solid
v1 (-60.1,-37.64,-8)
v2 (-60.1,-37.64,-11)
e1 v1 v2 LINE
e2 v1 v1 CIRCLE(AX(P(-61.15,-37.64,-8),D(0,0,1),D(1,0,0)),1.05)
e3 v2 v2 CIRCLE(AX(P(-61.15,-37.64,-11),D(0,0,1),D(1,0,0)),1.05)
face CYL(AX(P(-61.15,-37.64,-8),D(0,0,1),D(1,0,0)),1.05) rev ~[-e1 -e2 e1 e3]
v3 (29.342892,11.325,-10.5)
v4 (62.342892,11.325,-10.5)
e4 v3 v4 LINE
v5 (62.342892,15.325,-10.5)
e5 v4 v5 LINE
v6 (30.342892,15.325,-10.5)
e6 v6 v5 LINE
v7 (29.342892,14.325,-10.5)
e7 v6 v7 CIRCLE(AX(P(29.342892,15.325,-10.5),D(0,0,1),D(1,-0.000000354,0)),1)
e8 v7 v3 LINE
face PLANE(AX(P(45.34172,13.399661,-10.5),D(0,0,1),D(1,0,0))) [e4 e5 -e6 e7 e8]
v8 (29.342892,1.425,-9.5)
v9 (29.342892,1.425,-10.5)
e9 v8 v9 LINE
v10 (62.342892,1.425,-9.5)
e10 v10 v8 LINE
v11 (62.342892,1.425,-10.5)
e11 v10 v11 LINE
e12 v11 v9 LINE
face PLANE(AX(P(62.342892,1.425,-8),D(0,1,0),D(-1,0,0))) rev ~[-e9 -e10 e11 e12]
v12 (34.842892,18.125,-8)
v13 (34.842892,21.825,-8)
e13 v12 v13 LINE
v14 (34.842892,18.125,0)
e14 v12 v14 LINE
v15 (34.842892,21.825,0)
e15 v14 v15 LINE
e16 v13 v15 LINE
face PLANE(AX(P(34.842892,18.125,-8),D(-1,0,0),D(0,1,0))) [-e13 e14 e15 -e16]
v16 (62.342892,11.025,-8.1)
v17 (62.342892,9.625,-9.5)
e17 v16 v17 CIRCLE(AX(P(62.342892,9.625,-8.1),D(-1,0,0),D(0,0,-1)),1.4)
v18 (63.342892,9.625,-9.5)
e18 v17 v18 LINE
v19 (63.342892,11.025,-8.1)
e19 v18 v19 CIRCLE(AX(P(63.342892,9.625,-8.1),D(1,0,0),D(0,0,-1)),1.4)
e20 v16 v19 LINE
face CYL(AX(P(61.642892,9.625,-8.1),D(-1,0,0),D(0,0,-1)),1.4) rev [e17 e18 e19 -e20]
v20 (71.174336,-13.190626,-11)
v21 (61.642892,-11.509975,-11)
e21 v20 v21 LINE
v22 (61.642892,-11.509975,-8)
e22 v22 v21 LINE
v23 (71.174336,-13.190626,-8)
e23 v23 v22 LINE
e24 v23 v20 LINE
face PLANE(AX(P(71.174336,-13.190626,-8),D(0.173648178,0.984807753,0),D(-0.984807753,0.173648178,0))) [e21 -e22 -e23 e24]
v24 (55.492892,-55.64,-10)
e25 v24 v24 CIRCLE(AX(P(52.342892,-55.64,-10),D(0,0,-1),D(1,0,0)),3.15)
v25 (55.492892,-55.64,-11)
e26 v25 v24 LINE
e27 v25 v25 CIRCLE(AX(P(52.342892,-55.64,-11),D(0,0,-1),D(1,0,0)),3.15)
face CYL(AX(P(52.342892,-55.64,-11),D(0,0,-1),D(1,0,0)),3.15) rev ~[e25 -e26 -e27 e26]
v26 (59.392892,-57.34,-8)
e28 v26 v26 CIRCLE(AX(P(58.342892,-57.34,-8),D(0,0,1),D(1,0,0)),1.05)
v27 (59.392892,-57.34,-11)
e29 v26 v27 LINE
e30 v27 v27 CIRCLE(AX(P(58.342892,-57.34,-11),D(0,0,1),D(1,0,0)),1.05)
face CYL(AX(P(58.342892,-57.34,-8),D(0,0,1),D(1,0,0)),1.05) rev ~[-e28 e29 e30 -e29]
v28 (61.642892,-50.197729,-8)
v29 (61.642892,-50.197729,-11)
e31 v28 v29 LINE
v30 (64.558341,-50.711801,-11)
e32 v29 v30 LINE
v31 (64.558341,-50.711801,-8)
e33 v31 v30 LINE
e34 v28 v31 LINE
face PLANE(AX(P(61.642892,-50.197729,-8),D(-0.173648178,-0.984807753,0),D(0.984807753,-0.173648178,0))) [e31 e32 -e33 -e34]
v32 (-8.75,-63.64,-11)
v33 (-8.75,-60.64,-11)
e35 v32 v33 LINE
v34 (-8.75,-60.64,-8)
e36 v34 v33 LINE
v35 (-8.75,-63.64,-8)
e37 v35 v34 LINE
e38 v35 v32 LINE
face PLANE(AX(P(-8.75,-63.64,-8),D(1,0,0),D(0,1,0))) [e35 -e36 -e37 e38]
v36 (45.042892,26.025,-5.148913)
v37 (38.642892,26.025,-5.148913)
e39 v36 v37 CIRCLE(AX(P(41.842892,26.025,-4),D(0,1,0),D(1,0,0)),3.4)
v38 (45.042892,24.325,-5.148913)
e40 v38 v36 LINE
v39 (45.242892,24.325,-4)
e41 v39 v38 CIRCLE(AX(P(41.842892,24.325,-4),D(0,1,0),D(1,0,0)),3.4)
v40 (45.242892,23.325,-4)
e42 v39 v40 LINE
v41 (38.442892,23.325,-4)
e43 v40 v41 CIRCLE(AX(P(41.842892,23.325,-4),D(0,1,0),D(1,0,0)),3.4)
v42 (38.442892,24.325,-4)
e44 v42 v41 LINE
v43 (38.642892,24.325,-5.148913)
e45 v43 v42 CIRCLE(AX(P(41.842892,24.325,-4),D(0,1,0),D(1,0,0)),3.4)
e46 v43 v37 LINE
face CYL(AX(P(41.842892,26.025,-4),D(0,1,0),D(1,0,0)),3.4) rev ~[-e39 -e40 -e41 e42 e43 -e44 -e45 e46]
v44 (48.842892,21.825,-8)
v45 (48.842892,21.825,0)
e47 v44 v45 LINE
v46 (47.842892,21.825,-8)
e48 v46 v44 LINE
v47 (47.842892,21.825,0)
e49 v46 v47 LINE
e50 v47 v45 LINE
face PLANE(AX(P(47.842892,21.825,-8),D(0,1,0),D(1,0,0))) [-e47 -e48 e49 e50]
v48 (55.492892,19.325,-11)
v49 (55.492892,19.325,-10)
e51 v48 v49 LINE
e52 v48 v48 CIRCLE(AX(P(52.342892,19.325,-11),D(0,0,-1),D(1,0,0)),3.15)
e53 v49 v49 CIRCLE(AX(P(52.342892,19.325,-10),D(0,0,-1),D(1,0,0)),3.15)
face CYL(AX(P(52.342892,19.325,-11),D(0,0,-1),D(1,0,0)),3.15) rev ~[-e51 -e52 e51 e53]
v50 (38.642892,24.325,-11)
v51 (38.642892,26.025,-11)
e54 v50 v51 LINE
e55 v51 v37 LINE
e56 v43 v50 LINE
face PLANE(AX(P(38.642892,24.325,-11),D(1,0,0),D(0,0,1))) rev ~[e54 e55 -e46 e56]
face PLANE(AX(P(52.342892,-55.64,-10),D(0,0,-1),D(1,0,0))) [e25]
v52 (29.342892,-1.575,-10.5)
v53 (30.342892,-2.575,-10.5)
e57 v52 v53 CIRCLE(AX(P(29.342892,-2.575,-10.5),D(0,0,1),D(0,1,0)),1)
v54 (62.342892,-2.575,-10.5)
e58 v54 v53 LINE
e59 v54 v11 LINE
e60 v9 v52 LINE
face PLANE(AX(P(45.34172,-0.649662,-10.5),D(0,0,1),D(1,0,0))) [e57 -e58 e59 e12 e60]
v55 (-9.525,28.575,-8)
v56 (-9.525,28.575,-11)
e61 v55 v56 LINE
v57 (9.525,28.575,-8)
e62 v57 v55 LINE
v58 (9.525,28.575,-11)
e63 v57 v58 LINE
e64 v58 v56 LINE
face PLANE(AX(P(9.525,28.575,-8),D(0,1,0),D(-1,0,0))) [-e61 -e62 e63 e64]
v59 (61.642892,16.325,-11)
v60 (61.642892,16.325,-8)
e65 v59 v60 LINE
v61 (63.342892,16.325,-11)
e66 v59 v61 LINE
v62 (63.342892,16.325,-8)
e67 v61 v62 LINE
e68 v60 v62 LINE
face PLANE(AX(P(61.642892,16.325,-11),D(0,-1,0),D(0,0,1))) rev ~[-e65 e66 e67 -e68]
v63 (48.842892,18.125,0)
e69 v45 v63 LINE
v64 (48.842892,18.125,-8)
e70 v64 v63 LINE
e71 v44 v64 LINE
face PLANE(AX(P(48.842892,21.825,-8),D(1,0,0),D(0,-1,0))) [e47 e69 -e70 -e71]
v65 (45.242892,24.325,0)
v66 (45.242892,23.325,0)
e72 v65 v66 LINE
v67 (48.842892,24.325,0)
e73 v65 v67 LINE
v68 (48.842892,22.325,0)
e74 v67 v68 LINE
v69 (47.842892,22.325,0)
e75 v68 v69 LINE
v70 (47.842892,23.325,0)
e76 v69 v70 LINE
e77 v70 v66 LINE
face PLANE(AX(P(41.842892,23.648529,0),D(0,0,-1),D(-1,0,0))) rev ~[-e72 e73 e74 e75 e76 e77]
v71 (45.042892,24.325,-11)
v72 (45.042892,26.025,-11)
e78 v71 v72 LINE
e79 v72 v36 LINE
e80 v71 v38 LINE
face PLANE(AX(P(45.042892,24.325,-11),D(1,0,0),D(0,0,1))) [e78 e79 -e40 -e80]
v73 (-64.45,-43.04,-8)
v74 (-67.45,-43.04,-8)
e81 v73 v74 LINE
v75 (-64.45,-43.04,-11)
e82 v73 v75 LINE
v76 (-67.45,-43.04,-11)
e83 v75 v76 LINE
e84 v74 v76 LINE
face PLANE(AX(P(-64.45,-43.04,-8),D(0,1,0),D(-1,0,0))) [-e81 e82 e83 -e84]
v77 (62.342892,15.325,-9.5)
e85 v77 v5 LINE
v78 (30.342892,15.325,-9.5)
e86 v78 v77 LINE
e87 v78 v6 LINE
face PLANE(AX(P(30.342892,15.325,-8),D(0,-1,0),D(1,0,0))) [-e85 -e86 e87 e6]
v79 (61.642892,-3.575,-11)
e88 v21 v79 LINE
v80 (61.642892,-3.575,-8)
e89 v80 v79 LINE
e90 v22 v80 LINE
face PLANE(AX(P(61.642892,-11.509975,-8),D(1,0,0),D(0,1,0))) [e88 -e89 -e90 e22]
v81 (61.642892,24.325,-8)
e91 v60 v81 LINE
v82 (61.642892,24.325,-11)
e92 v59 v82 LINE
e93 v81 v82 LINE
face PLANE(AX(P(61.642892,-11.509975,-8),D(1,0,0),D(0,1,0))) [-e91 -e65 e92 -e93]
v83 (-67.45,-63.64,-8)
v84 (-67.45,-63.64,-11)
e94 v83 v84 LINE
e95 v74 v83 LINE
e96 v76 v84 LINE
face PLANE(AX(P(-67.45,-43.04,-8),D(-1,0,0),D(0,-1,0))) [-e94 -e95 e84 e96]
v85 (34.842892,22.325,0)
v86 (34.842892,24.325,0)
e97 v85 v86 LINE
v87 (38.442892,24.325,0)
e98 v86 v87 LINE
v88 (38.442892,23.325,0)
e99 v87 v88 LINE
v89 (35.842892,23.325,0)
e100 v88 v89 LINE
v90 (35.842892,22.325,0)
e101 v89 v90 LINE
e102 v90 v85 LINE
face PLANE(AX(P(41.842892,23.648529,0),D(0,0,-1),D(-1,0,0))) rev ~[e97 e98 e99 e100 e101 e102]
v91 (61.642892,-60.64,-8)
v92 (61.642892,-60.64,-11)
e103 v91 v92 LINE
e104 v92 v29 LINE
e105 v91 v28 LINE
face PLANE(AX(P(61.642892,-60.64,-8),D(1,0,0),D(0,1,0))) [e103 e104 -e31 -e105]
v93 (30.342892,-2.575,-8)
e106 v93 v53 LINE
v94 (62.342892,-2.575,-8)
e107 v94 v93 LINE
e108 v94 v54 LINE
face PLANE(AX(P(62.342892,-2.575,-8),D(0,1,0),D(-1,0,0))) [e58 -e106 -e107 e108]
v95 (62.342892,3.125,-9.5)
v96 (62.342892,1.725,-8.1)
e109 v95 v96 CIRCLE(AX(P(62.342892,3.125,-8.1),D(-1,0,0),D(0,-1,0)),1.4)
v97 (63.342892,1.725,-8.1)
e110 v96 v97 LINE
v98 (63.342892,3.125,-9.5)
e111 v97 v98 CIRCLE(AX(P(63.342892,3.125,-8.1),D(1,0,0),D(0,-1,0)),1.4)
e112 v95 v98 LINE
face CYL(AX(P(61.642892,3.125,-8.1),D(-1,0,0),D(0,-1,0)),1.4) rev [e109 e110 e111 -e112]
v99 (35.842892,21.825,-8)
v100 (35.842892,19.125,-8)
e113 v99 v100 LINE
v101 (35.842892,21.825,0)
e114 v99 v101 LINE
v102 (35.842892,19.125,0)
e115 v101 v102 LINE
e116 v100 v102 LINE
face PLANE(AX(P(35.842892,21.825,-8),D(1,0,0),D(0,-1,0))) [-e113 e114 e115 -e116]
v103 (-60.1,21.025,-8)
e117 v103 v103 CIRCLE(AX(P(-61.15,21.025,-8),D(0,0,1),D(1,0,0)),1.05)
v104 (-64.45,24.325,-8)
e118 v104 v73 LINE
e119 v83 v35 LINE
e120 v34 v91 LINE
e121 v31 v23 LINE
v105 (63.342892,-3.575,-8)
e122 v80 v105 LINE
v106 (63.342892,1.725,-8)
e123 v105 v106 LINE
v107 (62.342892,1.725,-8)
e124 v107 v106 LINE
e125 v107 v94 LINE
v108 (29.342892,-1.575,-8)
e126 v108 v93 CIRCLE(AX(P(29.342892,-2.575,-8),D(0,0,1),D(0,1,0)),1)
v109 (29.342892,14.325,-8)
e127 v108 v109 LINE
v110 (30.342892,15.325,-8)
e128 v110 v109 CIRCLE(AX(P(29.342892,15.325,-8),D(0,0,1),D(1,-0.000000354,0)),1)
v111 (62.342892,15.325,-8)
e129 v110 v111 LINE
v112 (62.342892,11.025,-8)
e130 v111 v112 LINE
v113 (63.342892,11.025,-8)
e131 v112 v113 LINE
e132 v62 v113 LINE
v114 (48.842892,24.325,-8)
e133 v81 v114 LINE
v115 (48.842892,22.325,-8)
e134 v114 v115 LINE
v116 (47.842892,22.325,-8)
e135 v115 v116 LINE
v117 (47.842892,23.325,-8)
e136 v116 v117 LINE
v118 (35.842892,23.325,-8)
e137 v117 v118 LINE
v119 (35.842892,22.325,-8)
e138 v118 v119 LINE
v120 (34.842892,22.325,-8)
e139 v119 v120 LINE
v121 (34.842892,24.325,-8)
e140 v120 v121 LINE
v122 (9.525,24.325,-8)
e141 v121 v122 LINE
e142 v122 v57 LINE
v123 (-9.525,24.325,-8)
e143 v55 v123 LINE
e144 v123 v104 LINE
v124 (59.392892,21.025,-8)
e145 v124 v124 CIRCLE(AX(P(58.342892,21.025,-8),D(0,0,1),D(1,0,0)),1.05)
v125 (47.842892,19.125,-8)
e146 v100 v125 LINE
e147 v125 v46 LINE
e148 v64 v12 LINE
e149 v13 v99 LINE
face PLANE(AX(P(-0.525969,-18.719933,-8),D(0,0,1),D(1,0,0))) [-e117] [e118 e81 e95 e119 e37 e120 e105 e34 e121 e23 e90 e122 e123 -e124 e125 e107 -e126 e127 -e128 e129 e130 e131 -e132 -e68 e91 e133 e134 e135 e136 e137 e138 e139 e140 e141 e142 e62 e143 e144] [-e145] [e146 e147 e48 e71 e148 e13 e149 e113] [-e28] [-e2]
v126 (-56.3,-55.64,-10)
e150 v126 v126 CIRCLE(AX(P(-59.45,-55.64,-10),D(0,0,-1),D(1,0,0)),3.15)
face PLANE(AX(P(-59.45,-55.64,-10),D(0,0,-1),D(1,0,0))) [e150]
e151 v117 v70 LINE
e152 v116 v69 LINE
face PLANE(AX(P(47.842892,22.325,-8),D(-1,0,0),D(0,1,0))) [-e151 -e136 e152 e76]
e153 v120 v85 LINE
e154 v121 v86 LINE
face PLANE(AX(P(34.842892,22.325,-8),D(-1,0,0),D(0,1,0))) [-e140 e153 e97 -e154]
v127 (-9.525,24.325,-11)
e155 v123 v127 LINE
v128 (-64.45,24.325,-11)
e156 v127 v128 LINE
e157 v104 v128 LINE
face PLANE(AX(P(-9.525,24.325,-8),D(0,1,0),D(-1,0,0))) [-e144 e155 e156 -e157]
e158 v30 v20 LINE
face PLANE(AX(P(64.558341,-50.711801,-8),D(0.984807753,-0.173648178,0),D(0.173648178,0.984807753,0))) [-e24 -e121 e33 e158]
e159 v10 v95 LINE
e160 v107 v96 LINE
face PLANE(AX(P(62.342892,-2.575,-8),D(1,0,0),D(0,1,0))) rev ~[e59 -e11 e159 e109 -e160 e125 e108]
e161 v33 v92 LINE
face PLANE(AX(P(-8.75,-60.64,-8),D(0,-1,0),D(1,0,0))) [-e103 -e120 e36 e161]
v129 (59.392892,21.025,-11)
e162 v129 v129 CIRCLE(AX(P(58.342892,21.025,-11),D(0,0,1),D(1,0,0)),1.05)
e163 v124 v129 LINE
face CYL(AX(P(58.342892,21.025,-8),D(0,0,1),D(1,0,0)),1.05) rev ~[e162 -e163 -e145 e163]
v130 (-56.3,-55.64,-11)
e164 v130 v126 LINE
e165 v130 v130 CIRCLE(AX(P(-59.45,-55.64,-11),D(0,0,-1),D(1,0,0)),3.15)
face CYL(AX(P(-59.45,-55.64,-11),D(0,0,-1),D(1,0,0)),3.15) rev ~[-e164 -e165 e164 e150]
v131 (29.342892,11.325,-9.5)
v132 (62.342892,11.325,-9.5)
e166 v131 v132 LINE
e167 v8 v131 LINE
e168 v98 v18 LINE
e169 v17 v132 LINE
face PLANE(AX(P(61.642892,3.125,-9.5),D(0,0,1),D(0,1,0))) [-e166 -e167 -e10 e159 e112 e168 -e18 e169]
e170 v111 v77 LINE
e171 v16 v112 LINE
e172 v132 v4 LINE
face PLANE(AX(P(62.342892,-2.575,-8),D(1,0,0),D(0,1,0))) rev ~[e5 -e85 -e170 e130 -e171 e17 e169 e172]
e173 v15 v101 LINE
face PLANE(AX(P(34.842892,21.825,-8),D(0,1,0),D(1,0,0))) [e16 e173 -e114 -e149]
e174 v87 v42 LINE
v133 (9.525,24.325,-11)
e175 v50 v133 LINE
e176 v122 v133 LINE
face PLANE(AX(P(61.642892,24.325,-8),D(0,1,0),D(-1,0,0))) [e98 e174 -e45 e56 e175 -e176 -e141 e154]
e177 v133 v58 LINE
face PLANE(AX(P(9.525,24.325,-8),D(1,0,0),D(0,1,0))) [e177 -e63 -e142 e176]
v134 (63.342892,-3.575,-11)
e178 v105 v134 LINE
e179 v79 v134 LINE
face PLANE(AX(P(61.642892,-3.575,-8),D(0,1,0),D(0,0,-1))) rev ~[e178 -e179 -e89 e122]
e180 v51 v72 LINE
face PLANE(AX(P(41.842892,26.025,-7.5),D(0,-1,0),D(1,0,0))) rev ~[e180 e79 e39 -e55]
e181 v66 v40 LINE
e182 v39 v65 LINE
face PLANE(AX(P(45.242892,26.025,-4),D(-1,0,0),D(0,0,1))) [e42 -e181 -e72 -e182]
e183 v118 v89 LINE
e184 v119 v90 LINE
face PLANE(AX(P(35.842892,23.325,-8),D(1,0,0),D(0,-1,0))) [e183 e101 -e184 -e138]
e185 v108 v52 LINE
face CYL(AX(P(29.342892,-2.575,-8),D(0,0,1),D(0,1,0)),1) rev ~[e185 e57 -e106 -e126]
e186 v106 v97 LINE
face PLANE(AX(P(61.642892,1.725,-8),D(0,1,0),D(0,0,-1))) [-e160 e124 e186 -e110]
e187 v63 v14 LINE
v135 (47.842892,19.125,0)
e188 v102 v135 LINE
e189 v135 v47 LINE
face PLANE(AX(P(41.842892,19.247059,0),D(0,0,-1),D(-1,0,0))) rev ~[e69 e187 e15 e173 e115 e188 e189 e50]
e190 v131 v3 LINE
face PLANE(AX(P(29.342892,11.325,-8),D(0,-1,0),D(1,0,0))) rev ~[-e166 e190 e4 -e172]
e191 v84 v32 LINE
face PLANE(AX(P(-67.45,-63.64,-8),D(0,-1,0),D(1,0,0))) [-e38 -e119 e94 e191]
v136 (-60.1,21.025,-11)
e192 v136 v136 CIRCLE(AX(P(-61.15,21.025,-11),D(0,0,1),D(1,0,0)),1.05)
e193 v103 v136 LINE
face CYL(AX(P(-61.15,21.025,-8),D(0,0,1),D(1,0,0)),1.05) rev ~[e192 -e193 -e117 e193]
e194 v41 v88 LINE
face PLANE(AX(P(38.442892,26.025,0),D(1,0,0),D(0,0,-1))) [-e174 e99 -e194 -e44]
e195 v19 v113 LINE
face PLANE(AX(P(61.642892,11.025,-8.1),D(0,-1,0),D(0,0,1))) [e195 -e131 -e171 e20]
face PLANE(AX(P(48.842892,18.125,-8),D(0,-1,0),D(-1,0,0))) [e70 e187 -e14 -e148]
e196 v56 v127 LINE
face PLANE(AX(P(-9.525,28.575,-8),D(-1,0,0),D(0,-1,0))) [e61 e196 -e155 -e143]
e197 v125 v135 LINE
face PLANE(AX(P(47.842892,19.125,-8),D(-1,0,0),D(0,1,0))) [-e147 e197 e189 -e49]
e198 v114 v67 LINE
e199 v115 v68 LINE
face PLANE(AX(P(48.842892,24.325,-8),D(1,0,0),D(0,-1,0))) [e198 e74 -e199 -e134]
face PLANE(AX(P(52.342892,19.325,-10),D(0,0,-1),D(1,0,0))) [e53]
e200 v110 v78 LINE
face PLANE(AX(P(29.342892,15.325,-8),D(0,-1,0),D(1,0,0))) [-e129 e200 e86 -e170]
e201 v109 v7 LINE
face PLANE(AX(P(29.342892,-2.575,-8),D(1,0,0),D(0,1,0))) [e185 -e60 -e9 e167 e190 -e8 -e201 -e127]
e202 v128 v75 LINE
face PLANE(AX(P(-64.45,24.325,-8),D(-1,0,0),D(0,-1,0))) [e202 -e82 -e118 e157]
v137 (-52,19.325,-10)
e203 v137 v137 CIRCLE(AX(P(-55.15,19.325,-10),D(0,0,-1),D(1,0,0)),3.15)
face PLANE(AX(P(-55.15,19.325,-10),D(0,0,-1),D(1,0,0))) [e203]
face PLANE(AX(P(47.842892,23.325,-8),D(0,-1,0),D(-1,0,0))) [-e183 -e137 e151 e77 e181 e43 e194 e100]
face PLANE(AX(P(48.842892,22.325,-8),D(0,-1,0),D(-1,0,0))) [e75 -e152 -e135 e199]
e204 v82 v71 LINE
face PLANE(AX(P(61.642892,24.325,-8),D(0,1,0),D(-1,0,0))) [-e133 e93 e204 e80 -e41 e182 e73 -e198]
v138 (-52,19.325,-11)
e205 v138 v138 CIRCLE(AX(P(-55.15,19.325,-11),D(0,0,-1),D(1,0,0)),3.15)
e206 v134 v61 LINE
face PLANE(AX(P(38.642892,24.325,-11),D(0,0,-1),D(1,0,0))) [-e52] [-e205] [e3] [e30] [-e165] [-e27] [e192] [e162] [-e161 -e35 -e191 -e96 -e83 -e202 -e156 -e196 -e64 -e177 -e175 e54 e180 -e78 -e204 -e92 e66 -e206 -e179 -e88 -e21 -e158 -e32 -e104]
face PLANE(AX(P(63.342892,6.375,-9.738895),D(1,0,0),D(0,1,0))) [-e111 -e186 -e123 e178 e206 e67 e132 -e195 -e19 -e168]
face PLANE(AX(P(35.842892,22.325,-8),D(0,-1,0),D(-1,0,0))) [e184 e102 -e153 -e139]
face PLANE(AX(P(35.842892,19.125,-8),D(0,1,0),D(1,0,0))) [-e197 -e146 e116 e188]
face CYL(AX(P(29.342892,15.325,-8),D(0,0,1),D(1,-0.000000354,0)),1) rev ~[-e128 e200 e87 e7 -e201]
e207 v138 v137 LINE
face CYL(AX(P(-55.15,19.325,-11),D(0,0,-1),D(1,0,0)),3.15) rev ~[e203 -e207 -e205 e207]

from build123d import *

# Parameters (mm, degrees)
PAD017_DEPTH    = 3
SKETCH041_R     = 1.05
POCKET007_DEPTH = 3.001
PAD018_DEPTH    = 1.7
SKETCH043_W     = 33
SKETCH043_H     = 17.9
POCKET008_DEPTH = 1.5
POCKET009_DEPTH = 2.5
SKETCH045_W     = 6.4
SKETCH045_H     = 7
PAD019_DEPTH    = 1.7
PAD020_DEPTH    = 8
POCKET010_DEPTH = 6.9
SKETCH048_R     = 3.15
POCKET011_DEPTH = 1


with BuildPart() as part:
    # Sketch040 (on Face97 of Binder002) → Pad017 (new body)
    with BuildSketch(Plane.XY.offset(-8)):
        Polygon((-64.45, 24.325), (-64.45, -43.04), (-67.45, -43.04), (-67.45, -63.64), (-8.75, -63.64), (-8.75, -60.64), (61.6428917544, -60.64), (61.6428917544, -50.1977285884), (64.5583406887, -50.7118008964), (71.1743362578, -13.1906255066), (61.6428917544, -11.5099746756), (61.6428917544, 24.325), (9.525, 24.325), (9.525, 28.575), (-9.525, 28.575), (-9.525, 24.325), align=None)
    extrude(amount=-PAD017_DEPTH)

    # Sketch041 (on Face17 of Pad017) → Pocket007 (cut, through all)
    with BuildSketch(Plane.XY.offset(-8)):
        with Locations((-61.15, 21.025)):
            Circle(SKETCH041_R)
        with Locations((-61.15, -37.64)):
            Circle(SKETCH041_R)
        with Locations((58.3428917544, 21.025)):
            Circle(SKETCH041_R)
        with Locations((58.3428917544, -57.34)):
            Circle(SKETCH041_R)
    extrude(amount=-POCKET007_DEPTH, mode=Mode.SUBTRACT)

    # Sketch042 (on Vertex202 of Binder002) → Pad018 (join)
    with BuildSketch(Plane(origin=(61.6428917544, 16.525, -11), x_dir=(0, 1, 0), z_dir=(1, 0, 0))):
        with BuildLine():
            Line((-0.2, 0), (-0.2, 3))
            Line((-0.2, 3), (-5.5, 3))
            Line((-5.5, 2.9), (-5.5, 3))
            ThreePointArc((-6.9, 1.5), (-5.9100505063, 1.9100505063), (-5.5, 2.9))
            Line((-13.4, 1.5), (-6.9, 1.5))
            ThreePointArc((-14.8, 2.9), (-14.3899494937, 1.9100505063), (-13.4, 1.5))
            Line((-14.8, 3), (-14.8, 2.9))
            Line((-20.1, 3), (-14.8, 3))
            Line((-20.1, 3), (-20.1, 0))
            Line((-20.1, 0), (-0.2, 0))
        make_face()
    extrude(amount=PAD018_DEPTH)

    # Sketch043 (on Vertex40 of Pad018) → Pocket008 (cut)
    with BuildSketch(Plane(origin=(63.3428917544, 16.325, -8), x_dir=(1, 0, 0), z_dir=(0, 0, 1))):
        with Locations((-17.5, -9.95)):
            Rectangle(SKETCH043_W, SKETCH043_H)
    extrude(amount=-POCKET008_DEPTH, mode=Mode.SUBTRACT)

    # Sketch044 (on Face4 of Pocket008) → Pocket009 (cut)
    with BuildSketch(Plane.XY.offset(-8)):
        with BuildLine():
            ThreePointArc((30.3428917544, 15.3249996463), (28.6357850983, 16.0321069062), (29.3428917544, 14.325))
            Line((29.3428917544, 14.325), (29.3428917544, 11.3249996463))
            Line((29.3428917544, 11.3249996463), (62.3428917544, 11.3249996463))
            Line((62.3428917544, 11.3249996463), (62.3428917544, 15.3249996463))
            Line((30.3428917544, 15.3249996463), (62.3428917544, 15.3249996463))
        make_face()
        with BuildLine():
            ThreePointArc((29.3428917544, -1.575), (28.6357848482, -3.2821066561), (30.3428917544, -2.5750003537))
            Line((62.3428917544, -2.5750003537), (30.3428917544, -2.5750003537))
            Line((62.3428917544, -2.5750003537), (62.3428917544, 1.4249996463))
            Line((62.3428917544, 1.4249996463), (29.3428917544, 1.4249996463))
            Line((29.3428917544, 1.4249996463), (29.3428917544, -1.575))
        make_face()
    extrude(amount=-POCKET009_DEPTH, mode=Mode.SUBTRACT)

    # Sketch045 (on Vertex102 of Binder002) → Pad019 (join)
    with BuildSketch(Plane(origin=(38.4428917544, 24.325, -11), x_dir=(1, 0, 0), z_dir=(0, -1, 0))):
        with Locations((3.4, 3.5)):
            Rectangle(SKETCH045_W, SKETCH045_H)
    extrude(amount=-PAD019_DEPTH)

    # Sketch046 (on Vertex13 of Pad019) → Pad020 (join)
    with BuildSketch(Plane(origin=(45.0428917544, 24.325, -8), x_dir=(1, 0, 0), z_dir=(0, 0, 1))):
        Polygon((-9.2, -1), (-9.2, -2), (-10.2, -2), (-10.2, 0), (3.8, 0), (3.8, -2), (2.8, -2), (2.8, -1), align=None)
        Polygon((-10.2, -2.5), (-9.2, -2.5), (-9.2, -5.2), (2.8, -5.2), (2.8, -2.5), (3.8, -2.5), (3.8, -6.2), (-10.2, -6.2), align=None)
    extrude(amount=PAD020_DEPTH)

    # Sketch047 (on Face51 of Pad020) → Pocket010 (cut)
    with BuildSketch(Plane(origin=(0, 26.025, 0), x_dir=(-1, 0, 0), z_dir=(0, 1, 0))):
        with BuildLine():
            ThreePointArc((-45.2428917544, -4), (-41.8428917544, -7.4), (-38.4428917544, -4))
            Line((-38.4428917544, 0), (-38.4428917544, -4))
            Line((-45.2428917544, 0), (-38.4428917544, 0))
            Line((-45.2428917544, -4), (-45.2428917544, 0))
        make_face()
    extrude(amount=-POCKET010_DEPTH, mode=Mode.SUBTRACT)

    # Sketch048 (on Face5 of Pocket010) → Pocket011 (cut)
    with BuildSketch(Plane(origin=(0, 0, -11), x_dir=(1, 0, 0), z_dir=(0, 0, -1))):
        with Locations((-59.45, 55.64)):
            Circle(SKETCH048_R)
        with Locations((52.3428917545, 55.64)):
            Circle(SKETCH048_R)
        with Locations((-55.15, -19.325)):
            Circle(SKETCH048_R)
        with Locations((52.3428917545, -19.325)):
            Circle(SKETCH048_R)
    extrude(amount=-POCKET011_DEPTH, mode=Mode.SUBTRACT)


solid = part.part
